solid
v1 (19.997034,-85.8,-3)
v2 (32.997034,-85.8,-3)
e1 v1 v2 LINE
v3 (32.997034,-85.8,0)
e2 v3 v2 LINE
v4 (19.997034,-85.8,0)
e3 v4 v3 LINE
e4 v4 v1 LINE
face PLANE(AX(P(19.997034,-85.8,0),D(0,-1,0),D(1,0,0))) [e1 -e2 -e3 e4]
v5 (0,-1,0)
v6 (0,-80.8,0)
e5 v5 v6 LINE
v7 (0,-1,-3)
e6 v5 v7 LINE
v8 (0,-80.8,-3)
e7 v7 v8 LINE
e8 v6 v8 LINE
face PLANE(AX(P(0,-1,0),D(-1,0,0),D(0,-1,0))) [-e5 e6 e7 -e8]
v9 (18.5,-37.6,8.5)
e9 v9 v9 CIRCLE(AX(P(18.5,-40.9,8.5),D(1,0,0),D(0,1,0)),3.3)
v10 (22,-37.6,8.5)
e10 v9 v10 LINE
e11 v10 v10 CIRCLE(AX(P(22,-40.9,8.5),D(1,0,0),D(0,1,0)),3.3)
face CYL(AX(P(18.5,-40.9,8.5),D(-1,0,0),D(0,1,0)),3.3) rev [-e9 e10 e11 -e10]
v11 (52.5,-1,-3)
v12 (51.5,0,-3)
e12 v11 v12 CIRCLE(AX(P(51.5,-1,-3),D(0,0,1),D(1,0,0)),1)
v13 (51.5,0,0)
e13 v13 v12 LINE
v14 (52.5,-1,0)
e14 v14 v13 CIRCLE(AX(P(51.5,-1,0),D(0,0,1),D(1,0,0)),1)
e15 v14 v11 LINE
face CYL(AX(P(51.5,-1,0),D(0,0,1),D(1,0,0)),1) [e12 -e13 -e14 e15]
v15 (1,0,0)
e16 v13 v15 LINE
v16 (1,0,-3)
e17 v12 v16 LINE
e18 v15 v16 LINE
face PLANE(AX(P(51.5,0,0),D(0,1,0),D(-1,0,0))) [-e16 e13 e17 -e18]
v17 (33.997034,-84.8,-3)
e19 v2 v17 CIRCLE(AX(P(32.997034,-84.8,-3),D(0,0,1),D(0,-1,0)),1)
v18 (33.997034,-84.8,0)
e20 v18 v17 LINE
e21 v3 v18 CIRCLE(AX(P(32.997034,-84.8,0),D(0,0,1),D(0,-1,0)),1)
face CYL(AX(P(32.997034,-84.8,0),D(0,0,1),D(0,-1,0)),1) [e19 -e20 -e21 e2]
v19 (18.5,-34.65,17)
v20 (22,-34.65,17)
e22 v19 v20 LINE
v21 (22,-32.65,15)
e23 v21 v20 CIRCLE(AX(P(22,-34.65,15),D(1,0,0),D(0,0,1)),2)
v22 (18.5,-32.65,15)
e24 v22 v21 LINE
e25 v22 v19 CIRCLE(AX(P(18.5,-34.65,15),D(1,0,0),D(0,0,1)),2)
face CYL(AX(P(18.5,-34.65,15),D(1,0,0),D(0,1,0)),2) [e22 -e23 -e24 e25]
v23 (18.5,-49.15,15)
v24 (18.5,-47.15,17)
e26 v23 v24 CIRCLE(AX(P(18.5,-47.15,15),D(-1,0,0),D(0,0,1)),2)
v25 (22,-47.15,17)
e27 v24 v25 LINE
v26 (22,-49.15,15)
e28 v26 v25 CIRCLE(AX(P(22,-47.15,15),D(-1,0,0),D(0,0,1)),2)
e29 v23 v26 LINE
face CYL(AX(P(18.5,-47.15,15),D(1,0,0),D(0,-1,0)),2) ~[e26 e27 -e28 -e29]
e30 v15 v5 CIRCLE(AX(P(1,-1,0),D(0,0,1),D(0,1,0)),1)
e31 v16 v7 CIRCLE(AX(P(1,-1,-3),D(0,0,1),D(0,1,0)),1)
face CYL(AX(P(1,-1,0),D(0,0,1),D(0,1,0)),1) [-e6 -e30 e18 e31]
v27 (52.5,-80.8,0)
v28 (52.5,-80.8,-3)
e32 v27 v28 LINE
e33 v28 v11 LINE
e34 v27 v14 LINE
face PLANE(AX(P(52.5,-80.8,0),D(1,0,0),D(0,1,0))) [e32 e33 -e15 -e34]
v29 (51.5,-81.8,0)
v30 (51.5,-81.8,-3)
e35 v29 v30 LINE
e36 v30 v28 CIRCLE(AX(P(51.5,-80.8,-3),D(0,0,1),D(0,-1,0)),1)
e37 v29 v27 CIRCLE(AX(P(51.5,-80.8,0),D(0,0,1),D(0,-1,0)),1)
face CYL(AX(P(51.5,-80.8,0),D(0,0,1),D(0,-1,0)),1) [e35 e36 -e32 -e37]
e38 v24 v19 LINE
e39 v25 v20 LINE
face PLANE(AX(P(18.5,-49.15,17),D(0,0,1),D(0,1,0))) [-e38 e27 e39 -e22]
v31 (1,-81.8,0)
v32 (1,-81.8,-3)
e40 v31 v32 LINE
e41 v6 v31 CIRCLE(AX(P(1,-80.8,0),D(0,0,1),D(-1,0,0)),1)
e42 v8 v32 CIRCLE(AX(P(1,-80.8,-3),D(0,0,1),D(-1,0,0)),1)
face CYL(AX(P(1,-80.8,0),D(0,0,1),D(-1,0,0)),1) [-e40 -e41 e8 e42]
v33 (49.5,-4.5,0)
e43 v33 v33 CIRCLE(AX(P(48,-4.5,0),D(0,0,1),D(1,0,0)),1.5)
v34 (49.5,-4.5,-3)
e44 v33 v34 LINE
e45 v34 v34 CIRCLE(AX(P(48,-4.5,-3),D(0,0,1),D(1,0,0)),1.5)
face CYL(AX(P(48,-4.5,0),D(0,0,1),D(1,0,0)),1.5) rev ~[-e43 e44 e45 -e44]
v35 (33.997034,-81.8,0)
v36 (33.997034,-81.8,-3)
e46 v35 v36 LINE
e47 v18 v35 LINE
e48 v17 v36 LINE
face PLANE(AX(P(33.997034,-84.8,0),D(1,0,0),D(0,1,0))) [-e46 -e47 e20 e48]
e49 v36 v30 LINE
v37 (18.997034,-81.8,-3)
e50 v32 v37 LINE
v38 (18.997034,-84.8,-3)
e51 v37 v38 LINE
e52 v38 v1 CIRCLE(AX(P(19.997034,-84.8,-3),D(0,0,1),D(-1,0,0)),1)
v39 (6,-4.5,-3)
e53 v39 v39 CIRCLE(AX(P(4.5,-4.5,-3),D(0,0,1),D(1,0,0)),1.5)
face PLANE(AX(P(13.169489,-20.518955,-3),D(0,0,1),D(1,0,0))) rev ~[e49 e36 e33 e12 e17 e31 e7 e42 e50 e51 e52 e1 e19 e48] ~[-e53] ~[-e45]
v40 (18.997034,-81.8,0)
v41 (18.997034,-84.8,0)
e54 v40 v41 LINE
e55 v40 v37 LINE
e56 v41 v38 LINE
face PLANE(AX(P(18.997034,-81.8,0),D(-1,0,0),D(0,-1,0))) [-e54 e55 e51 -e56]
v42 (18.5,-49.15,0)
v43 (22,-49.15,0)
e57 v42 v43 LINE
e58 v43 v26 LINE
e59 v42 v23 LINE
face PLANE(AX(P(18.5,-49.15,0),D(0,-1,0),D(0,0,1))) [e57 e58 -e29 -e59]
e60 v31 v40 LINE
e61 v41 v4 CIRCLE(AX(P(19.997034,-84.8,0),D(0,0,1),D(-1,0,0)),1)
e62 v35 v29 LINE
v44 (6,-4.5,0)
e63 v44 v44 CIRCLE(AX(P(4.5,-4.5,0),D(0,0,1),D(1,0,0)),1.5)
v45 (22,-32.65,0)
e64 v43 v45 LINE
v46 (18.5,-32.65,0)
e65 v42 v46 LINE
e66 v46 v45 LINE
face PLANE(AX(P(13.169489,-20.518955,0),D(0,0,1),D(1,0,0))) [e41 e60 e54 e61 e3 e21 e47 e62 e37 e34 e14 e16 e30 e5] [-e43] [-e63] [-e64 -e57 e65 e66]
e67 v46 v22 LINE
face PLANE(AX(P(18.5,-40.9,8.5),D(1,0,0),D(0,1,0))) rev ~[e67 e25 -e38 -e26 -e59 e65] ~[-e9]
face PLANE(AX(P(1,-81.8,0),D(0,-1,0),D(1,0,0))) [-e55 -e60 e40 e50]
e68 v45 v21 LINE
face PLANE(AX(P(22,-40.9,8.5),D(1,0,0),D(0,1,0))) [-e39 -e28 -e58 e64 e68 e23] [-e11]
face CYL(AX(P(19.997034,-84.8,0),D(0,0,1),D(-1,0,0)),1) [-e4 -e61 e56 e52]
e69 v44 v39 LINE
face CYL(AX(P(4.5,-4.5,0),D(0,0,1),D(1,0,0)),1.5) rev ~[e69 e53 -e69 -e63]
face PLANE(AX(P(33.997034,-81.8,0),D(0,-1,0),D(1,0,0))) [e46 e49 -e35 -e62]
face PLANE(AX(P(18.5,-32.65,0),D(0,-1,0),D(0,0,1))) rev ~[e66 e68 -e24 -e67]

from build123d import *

# Parameters (mm, degrees)
F0_R     = 1.5
F1_DEPTH = 3
F3_START = 18.5
F2_W     = 16.5
F2_H     = 17
F2_R     = 3.3
F3_DEPTH = 3.5
F4_R     = 2


with BuildPart() as f1:
    # F0 (on Top) → F1 (new body)
    with BuildSketch(Plane.XY):
        with BuildLine():
            Line((26.25, 0), (1, 0))
            ThreePointArc((1, 0), (0.2928932188, -0.2928932188), (0, -1))
            Line((0, -1), (0, -40.9))
            Line((0, -40.9), (26.25, -40.9))
            Line((26.25, -40.9), (26.25, 0))
        make_face()
        with Locations((4.5, -4.5)):
            Circle(F0_R, mode=Mode.SUBTRACT)
        with BuildLine():
            Line((51.5, 0), (26.25, 0))
            Line((26.25, 0), (26.25, -40.9))
            Line((26.25, -40.9), (52.5, -40.9))
            Line((52.5, -40.9), (52.5, -1))
            ThreePointArc((52.5, -1), (52.2071067812, -0.2928932188), (51.5, 0))
        make_face()
        with Locations((48, -4.5)):
            Circle(F0_R, mode=Mode.SUBTRACT)
        with BuildLine():
            Line((52.5, -40.9), (26.25, -40.9))
            Line((26.25, -40.9), (26.25, -81.8))
            Line((26.25, -81.8), (33.997034058, -81.8))
            Line((33.997034058, -81.8), (51.5, -81.8))
            ThreePointArc((51.5, -81.8), (52.2071067812, -81.5071067812), (52.5, -80.8))
            Line((52.5, -80.8), (52.5, -40.9))
        make_face()
        with BuildLine():
            Line((26.25, -81.8), (26.25, -40.9))
            Line((26.25, -40.9), (0, -40.9))
            Line((0, -40.9), (0, -80.8))
            ThreePointArc((0, -80.8), (0.2928932188, -81.5071067812), (1, -81.8))
            Line((1, -81.8), (18.997034058, -81.8))
            Line((18.997034058, -81.8), (26.25, -81.8))
        make_face()
        with BuildLine():
            Line((26.25, -85.8), (26.25, -81.8))
            Line((26.25, -81.8), (18.997034058, -81.8))
            Line((18.997034058, -81.8), (18.997034058, -84.8))
            ThreePointArc((18.997034058, -84.8), (19.2899272768, -85.5071067812), (19.997034058, -85.8))
            Line((19.997034058, -85.8), (26.25, -85.8))
        make_face()
        with BuildLine():
            Line((33.997034058, -81.8), (26.25, -81.8))
            Line((26.25, -81.8), (26.25, -85.8))
            Line((26.25, -85.8), (32.997034058, -85.8))
            ThreePointArc((32.997034058, -85.8), (33.7041408392, -85.5071067812), (33.997034058, -84.8))
            Line((33.997034058, -84.8), (33.997034058, -81.8))
        make_face()
    extrude(amount=-F1_DEPTH)

    # F2 (on Right) → F3 (join)
    with BuildSketch(Plane.YZ.offset(F3_START)):
        with Locations((-40.9, 8.5)):
            Rectangle(F2_W, F2_H)
        with Locations((-40.9, 8.5)):
            Circle(F2_R, mode=Mode.SUBTRACT)
    extrude(amount=F3_DEPTH)

    # F4
    f4_edges = [f1.edges().sort_by_distance(p)[0] for p in [
        (20.25, -49.15, 17),
        (20.25, -32.65, 17),
    ]]
    fillet(f4_edges, radius=F4_R)


solid = f1.part
